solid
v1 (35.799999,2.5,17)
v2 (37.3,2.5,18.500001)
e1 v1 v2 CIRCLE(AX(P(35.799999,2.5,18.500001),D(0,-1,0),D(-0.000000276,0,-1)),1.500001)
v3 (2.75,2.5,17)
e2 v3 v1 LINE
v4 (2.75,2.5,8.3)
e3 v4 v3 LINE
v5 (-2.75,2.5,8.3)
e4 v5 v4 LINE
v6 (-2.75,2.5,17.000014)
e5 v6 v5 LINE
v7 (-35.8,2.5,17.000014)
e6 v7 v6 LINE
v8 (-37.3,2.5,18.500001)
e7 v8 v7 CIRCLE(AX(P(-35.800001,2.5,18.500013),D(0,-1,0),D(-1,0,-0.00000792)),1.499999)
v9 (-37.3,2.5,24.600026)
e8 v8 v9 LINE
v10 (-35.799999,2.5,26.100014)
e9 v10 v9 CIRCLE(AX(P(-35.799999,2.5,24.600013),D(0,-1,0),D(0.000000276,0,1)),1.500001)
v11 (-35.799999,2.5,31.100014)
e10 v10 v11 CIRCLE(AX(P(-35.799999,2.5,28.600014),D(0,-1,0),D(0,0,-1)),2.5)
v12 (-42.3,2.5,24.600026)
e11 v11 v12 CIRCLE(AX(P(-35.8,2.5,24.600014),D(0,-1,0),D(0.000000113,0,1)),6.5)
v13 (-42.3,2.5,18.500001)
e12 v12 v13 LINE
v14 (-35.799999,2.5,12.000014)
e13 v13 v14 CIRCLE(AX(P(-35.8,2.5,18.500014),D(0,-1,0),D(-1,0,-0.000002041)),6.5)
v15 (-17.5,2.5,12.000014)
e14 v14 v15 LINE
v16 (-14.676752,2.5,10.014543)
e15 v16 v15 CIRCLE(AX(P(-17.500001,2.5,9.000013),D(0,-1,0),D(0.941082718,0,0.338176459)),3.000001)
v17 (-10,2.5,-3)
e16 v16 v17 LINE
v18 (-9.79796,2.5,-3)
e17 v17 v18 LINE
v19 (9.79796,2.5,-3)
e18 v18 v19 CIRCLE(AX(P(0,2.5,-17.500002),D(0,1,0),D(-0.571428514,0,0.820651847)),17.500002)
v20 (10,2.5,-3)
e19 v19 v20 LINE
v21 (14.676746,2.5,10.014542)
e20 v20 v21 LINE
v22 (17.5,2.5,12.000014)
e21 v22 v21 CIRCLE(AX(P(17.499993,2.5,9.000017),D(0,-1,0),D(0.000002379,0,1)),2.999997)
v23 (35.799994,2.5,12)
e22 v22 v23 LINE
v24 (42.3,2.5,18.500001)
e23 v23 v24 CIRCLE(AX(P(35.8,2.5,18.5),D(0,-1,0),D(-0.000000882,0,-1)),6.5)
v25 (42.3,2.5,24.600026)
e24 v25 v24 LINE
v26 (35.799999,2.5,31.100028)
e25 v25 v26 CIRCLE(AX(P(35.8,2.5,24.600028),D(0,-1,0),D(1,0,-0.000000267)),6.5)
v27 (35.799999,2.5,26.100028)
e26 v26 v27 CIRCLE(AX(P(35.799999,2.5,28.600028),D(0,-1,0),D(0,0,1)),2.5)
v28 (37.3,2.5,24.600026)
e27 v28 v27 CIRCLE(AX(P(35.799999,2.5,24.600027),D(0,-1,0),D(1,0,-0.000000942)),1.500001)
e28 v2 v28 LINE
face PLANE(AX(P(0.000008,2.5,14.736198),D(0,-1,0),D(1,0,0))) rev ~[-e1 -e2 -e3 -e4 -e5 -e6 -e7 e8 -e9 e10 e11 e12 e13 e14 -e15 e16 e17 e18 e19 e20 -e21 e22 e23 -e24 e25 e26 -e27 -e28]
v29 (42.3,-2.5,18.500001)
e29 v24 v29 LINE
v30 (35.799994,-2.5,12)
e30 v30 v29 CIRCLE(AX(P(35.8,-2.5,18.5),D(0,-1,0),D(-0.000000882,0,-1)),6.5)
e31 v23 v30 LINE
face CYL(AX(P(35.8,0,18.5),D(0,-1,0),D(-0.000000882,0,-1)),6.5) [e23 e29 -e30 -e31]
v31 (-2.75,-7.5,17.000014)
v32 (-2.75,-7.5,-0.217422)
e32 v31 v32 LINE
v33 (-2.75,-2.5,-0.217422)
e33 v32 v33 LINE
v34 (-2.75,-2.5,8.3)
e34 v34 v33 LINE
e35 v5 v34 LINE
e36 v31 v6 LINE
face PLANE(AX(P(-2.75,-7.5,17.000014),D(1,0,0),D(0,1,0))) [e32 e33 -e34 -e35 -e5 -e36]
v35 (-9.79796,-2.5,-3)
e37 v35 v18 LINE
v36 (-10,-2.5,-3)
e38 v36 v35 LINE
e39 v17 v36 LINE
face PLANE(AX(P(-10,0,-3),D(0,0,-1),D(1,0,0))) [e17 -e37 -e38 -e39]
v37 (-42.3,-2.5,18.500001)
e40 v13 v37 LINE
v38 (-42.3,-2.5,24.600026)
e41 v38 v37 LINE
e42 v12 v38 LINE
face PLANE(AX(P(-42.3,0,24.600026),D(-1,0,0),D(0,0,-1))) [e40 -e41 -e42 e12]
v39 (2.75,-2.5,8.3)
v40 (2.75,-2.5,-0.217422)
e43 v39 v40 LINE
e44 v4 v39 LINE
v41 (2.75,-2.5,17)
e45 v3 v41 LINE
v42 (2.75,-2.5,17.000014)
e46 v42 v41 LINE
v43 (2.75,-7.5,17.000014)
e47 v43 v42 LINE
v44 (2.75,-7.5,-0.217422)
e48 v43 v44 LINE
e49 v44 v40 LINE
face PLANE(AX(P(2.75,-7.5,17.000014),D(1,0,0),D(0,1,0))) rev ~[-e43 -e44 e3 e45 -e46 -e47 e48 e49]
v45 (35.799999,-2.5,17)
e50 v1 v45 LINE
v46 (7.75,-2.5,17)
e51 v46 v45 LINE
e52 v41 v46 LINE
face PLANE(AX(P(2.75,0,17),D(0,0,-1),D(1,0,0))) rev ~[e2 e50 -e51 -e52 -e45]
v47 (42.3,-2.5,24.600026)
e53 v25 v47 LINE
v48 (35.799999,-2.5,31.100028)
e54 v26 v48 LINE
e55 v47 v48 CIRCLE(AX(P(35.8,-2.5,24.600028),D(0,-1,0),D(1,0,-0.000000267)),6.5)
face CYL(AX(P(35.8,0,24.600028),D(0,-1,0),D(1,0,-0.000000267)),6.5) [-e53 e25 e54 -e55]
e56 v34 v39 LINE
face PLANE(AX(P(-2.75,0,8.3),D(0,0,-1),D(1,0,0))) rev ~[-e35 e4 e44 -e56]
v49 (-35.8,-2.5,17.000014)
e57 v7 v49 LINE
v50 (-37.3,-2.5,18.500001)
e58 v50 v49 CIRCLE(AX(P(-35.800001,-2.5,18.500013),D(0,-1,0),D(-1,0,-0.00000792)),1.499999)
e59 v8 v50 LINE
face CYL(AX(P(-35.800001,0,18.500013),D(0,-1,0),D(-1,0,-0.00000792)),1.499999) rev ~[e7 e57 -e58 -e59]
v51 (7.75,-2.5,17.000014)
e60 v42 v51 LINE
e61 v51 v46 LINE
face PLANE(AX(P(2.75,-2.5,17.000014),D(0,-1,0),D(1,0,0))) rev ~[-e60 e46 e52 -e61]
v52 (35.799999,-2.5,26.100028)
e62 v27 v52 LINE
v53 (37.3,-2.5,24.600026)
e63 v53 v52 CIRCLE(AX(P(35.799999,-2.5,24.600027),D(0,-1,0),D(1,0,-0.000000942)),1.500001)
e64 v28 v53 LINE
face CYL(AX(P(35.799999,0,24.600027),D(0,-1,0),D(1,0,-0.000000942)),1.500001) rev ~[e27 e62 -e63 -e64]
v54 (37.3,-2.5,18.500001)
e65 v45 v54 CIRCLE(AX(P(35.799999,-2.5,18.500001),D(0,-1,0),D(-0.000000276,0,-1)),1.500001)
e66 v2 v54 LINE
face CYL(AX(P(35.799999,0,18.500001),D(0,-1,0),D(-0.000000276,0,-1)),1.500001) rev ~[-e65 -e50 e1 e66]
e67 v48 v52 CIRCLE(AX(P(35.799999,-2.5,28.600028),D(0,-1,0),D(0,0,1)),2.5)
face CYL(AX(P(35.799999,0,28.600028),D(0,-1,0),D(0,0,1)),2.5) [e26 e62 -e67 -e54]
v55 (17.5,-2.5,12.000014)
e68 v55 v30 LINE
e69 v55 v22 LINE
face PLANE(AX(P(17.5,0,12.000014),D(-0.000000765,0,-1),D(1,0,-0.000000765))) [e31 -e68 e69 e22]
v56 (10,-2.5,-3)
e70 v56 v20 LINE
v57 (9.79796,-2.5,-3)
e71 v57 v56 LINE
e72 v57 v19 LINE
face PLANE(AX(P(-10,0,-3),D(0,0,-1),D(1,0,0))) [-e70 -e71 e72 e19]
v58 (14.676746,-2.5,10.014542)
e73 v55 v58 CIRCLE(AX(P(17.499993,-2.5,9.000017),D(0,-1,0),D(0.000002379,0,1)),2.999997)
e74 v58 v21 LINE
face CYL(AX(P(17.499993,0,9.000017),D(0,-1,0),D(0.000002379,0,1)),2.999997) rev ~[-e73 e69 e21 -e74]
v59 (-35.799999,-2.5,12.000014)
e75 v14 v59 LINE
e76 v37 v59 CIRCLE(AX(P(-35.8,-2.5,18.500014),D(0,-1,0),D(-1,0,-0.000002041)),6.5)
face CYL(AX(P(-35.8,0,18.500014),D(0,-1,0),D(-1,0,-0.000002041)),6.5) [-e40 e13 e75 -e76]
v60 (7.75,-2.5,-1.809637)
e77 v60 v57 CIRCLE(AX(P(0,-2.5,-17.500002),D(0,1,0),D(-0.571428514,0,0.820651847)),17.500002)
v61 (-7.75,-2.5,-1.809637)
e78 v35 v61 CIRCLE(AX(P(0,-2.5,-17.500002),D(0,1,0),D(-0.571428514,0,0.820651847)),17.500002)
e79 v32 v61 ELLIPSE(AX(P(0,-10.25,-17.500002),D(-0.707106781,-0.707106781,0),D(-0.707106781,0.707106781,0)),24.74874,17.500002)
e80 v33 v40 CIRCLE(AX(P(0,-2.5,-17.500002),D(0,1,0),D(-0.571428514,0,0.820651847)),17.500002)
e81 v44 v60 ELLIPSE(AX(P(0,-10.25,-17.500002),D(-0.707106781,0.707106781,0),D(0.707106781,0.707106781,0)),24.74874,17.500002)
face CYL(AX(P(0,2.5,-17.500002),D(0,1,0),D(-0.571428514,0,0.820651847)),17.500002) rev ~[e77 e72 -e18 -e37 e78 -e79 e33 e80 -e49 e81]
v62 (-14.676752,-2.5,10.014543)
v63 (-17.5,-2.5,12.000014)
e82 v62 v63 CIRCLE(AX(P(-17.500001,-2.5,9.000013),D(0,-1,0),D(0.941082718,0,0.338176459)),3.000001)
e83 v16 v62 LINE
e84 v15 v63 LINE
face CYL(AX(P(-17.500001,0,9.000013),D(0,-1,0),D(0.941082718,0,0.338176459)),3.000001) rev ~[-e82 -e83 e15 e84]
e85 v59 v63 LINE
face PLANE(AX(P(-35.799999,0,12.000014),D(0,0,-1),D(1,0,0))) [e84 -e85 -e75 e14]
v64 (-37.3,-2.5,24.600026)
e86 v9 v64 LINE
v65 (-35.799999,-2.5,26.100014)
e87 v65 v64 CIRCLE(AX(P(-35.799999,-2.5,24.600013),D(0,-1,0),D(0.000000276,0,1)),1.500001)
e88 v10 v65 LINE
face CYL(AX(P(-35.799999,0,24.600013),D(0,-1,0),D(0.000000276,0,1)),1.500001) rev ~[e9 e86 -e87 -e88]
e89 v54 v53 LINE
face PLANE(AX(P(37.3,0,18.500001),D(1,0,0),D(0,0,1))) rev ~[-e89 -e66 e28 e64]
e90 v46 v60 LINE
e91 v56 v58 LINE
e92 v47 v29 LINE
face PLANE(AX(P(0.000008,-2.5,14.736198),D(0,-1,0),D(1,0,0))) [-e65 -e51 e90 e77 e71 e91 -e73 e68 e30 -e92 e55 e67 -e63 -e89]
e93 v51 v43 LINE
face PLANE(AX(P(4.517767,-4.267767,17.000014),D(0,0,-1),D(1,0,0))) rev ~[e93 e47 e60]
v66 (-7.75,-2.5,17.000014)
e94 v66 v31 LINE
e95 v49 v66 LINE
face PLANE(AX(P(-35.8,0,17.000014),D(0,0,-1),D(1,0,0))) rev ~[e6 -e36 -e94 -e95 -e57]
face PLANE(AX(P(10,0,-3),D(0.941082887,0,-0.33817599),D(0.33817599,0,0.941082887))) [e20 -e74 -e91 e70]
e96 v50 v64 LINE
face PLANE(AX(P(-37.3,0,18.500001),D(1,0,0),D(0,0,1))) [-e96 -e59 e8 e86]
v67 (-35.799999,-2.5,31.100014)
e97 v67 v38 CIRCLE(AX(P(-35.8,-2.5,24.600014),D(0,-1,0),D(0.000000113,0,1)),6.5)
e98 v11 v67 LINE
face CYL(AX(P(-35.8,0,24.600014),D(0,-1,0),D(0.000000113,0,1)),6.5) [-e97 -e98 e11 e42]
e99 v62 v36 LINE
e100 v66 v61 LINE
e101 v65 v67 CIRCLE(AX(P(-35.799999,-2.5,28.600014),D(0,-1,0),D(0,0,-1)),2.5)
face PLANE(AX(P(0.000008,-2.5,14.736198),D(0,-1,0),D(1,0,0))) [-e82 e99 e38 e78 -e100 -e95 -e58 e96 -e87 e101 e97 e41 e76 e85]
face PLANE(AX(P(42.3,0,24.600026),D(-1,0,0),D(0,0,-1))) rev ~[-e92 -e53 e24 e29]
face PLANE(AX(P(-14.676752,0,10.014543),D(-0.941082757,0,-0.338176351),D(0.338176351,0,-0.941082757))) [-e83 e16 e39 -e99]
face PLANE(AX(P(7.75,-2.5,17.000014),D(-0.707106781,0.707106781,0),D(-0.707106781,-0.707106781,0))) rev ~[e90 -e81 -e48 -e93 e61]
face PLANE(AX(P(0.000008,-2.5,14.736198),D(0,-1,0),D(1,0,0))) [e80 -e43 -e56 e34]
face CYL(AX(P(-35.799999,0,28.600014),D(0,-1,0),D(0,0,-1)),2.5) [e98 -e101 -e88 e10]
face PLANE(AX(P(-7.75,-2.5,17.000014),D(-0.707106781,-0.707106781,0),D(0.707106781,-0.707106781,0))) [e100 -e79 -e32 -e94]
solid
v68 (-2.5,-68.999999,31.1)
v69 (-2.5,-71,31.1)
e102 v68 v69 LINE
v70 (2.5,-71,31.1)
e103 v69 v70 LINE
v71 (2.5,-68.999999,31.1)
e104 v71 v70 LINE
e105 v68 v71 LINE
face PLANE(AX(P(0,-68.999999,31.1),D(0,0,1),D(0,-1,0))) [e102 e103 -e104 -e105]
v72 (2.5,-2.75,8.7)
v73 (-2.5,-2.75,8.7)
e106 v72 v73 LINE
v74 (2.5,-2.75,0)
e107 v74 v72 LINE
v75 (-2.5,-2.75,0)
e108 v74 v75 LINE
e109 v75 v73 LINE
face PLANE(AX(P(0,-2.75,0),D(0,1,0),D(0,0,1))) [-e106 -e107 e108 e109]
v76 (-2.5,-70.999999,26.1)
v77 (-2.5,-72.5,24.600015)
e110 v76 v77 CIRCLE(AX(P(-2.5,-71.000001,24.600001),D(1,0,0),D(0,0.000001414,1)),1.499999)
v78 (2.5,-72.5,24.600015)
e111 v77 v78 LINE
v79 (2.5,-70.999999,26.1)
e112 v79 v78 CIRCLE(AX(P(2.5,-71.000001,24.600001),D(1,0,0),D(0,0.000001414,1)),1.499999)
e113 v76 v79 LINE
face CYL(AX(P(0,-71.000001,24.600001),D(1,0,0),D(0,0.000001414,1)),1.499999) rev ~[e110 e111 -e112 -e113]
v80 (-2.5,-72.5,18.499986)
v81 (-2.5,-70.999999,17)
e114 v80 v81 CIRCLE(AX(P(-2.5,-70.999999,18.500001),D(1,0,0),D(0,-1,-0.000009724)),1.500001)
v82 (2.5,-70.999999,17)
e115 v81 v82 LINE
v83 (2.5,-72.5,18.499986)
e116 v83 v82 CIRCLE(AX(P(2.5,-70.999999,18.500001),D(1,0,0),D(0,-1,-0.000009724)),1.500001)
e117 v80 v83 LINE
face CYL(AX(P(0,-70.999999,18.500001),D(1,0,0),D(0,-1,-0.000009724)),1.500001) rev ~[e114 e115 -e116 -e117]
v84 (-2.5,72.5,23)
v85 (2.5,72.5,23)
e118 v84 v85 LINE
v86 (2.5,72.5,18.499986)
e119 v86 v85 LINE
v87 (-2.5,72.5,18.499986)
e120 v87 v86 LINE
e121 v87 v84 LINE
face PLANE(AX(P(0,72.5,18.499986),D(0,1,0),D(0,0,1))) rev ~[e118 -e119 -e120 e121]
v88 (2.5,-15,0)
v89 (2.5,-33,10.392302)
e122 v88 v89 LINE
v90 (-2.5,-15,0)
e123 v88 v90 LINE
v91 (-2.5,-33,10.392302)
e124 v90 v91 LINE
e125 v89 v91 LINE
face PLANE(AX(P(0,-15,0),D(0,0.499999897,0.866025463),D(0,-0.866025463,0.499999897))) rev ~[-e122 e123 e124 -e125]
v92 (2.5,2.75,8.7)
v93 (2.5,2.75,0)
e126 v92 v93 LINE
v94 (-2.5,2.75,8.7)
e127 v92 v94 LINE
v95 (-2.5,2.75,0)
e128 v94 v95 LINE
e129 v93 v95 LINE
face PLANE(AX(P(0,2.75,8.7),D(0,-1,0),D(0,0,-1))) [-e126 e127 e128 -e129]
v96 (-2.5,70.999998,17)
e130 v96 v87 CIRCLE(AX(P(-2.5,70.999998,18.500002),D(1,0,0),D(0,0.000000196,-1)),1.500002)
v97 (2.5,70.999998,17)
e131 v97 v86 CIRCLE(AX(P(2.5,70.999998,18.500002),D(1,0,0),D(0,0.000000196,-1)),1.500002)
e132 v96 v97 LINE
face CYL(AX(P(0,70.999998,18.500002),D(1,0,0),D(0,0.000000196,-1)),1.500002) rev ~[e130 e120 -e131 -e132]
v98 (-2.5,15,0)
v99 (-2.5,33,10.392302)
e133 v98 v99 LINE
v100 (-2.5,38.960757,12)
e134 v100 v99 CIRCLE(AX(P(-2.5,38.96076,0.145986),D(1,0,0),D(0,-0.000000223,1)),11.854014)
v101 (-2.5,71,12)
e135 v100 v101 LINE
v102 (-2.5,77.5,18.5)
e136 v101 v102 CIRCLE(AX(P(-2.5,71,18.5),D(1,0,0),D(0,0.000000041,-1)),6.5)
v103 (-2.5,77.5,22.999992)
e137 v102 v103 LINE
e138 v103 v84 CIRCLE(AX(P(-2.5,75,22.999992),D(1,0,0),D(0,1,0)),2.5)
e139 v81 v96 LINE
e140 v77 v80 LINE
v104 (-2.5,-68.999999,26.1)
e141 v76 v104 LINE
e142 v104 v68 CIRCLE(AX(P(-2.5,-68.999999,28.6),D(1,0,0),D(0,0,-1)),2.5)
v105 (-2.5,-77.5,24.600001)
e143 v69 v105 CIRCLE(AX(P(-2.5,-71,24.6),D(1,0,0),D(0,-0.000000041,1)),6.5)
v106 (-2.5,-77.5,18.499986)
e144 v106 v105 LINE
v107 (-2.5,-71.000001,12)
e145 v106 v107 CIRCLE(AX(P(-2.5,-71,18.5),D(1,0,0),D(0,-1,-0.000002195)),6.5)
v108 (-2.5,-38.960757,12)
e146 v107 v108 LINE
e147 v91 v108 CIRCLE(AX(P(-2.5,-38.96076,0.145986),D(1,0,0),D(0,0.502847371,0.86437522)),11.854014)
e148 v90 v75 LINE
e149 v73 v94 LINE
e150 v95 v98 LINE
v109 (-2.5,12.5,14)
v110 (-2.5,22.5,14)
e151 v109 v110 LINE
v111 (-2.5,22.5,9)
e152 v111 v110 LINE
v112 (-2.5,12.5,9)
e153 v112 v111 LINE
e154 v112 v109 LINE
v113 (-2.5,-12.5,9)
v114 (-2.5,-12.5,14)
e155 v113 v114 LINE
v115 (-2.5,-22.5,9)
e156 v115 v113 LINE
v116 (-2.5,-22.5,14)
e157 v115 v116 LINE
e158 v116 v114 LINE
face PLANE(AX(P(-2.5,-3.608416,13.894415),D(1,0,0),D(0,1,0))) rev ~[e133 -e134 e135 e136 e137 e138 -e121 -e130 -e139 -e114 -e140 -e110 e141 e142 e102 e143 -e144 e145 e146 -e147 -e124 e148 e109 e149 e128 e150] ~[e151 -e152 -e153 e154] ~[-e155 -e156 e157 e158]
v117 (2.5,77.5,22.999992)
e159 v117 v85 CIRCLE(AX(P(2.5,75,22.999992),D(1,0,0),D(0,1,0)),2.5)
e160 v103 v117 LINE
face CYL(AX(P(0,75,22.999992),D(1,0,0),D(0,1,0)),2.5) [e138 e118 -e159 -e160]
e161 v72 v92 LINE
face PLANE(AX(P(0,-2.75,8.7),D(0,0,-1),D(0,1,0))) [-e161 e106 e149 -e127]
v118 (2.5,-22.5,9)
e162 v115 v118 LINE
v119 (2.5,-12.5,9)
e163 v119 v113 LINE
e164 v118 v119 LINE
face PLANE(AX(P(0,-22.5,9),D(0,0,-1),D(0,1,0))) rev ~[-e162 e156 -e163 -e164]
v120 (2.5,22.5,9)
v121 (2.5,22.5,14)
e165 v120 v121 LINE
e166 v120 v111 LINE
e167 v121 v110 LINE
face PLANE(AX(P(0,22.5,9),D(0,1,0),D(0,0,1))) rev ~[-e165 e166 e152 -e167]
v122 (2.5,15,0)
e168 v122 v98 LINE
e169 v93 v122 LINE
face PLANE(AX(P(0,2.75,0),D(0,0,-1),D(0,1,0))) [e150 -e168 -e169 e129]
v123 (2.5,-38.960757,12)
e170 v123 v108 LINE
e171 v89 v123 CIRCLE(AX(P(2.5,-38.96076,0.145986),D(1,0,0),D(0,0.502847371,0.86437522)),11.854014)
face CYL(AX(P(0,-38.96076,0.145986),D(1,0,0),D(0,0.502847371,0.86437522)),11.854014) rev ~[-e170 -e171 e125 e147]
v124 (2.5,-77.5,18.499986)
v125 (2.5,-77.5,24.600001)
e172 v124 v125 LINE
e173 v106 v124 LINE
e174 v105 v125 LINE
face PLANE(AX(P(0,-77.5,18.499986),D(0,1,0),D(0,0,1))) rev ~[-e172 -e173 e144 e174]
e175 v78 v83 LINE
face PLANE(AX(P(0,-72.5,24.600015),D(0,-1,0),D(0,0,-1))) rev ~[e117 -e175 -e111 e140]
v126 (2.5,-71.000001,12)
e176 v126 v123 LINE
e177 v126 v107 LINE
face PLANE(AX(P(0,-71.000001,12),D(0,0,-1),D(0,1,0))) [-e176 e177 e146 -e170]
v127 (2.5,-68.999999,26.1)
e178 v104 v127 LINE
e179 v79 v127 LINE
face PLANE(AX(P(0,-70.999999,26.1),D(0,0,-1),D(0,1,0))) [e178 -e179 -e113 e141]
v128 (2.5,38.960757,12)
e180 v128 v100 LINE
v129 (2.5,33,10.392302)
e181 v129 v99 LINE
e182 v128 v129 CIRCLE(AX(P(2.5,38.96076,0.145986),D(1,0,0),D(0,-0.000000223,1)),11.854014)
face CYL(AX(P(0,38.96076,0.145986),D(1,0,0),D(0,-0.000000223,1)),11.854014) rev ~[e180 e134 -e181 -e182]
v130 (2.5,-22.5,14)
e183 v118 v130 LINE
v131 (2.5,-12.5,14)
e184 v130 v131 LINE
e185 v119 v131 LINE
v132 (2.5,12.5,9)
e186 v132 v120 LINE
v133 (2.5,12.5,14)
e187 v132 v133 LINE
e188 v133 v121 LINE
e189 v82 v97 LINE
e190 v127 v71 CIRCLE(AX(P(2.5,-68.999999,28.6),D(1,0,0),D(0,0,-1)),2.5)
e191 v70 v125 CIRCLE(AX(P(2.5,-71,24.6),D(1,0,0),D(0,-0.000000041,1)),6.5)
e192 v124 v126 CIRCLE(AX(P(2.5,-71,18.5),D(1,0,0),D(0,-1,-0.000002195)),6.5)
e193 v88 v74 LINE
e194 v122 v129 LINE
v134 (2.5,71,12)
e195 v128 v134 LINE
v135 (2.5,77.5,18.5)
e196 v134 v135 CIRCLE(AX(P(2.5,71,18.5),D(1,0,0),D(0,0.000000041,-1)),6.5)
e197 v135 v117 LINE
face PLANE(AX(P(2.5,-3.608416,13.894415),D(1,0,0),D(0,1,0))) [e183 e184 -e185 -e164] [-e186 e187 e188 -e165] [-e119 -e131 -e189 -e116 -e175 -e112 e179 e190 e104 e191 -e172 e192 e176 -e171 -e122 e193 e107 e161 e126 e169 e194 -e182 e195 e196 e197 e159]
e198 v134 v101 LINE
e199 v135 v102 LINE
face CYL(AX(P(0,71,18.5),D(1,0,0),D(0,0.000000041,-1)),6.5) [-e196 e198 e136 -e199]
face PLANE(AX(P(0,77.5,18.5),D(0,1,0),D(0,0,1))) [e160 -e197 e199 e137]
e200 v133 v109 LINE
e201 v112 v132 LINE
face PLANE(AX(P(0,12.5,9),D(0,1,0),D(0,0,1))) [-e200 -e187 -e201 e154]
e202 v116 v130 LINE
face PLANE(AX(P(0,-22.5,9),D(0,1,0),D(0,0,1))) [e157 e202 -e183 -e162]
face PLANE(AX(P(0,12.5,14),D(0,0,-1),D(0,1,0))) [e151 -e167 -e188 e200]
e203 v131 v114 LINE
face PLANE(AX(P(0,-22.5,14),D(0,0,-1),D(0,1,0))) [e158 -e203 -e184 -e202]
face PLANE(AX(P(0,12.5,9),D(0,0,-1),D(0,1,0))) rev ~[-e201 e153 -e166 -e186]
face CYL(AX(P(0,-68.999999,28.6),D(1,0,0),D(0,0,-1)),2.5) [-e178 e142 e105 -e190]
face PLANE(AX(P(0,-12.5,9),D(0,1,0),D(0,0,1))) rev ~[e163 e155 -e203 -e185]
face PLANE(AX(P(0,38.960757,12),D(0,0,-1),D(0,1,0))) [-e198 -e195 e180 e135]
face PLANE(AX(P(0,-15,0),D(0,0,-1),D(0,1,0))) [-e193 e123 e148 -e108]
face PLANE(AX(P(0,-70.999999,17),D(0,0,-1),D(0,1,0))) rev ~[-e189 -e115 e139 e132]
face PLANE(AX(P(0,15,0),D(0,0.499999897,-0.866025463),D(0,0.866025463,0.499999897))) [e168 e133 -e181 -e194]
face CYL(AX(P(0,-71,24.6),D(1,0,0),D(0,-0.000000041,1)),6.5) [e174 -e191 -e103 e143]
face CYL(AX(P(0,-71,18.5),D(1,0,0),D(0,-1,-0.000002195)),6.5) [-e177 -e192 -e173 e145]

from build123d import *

# Parameters (mm, degrees)
SKETCH_W     = 10
SKETCH_H     = 5
PAD_DEPTH    = 2.5
PAD001_DEPTH = 2.5
PAD002_DEPTH = 20
POCKET_DEPTH = 10


with BuildPart() as vertical:
    # Sketch → Pad (new body, symmetric)
    with BuildSketch(Plane.YZ):
        with BuildLine():
            Line((77.5, 18.5), (77.5, 22.999992))
            ThreePointArc((77.5, 22.999992), (75.000004, 25.499992), (72.5, 23))
            Line((72.5, 18.499986), (72.5, 23))
            ThreePointArc((70.999998, 17), (72.060654, 17.439335), (72.5, 18.499986))
            Line((-70.999999, 17), (70.999998, 17))
            ThreePointArc((-72.5, 18.499986), (-72.060655, 17.439335), (-70.999999, 17))
            Line((-72.5, 24.600015), (-72.5, 18.499986))
            ThreePointArc((-70.999999, 26.1), (-72.060655, 25.660666), (-72.5, 24.600015))
            Line((-70.999999, 26.1), (-68.999999, 26.1))
            ThreePointArc((-68.999999, 26.1), (-66.499999, 28.6), (-68.999999, 31.1))
            Line((-68.999999, 31.1), (-71, 31.1))
            ThreePointArc((-71, 31.1), (-75.596194, 29.196194), (-77.5, 24.600001))
            Line((-77.5, 18.499986), (-77.5, 24.600001))
            ThreePointArc((-77.5, 18.499986), (-75.596189, 13.903801), (-71.000001, 12))
            Line((-71.000001, 12), (-38.960757, 12))
            ThreePointArc((-33, 10.392302), (-35.873877, 11.59102), (-38.960757, 12))
            Line((-15, 0), (-33, 10.392302))
            Line((-15, 0), (-2.75, 0))
            Line((-2.75, 0), (-2.75, 8.7))
            Line((-2.75, 8.7), (2.75, 8.7))
            Line((2.75, 8.7), (2.75, 0))
            Line((2.75, 0), (15, 0))
            Line((15, 0), (33, 10.392302))
            ThreePointArc((38.960757, 12), (35.873877, 11.59102), (33, 10.392302))
            Line((38.960757, 12), (71, 12))
            ThreePointArc((71, 12), (75.596194, 13.903806), (77.5, 18.5))
        make_face()
        with Locations((-17.5, 11.5)):
            Rectangle(SKETCH_W, SKETCH_H, mode=Mode.SUBTRACT)
        with Locations((17.5, 11.5)):
            Rectangle(SKETCH_W, SKETCH_H, mode=Mode.SUBTRACT)
    extrude(amount=PAD_DEPTH, both=True)


with BuildPart() as fusion:
    # Sketch001 → Pad001 (new body, symmetric)
    with BuildSketch(Plane.XZ):
        with BuildLine():
            Line((17.5, 12.000014), (35.799994, 12))
            ThreePointArc((35.799994, 12), (40.396192, 13.903804), (42.3, 18.500001))
            Line((42.3, 24.600026), (42.3, 18.500001))
            ThreePointArc((42.3, 24.600026), (40.396194, 29.196222), (35.799999, 31.100028))
            ThreePointArc((35.799999, 31.100028), (33.299999, 28.600028), (35.799999, 26.100028))
            ThreePointArc((37.3, 24.600026), (36.86066, 25.660688), (35.799999, 26.100028))
            Line((37.3, 18.500001), (37.3, 24.600026))
            ThreePointArc((35.799999, 17), (36.86066, 17.43934), (37.3, 18.500001))
            Line((2.75, 17), (35.799999, 17))
            Line((2.75, 8.3), (2.75, 17))
            Line((-2.75, 8.3), (2.75, 8.3))
            Line((-2.75, 17.000014), (-2.75, 8.3))
            Line((-35.8, 17.000014), (-2.75, 17.000014))
            ThreePointArc((-37.3, 18.500001), (-36.860656, 17.439349), (-35.8, 17.000014))
            Line((-37.3, 18.500001), (-37.3, 24.600026))
            ThreePointArc((-35.799999, 26.100014), (-36.860655, 25.660679), (-37.3, 24.600026))
            ThreePointArc((-35.799999, 26.100014), (-33.299999, 28.600014), (-35.799999, 31.100014))
            ThreePointArc((-35.799999, 31.100014), (-40.396189, 29.196213), (-42.3, 24.600026))
            Line((-42.3, 24.600026), (-42.3, 18.500001))
            ThreePointArc((-42.3, 18.500001), (-40.396189, 13.903815), (-35.799999, 12.000014))
            Line((-35.799999, 12.000014), (-17.5, 12.000014))
            ThreePointArc((-14.676752, 10.014543), (-15.774252, 11.453948), (-17.5, 12.000014))
            Line((-14.676752, 10.014543), (-10, -3))
            Line((-10, -3), (10, -3))
            Line((10, -3), (14.676746, 10.014542))
            ThreePointArc((17.5, 12.000014), (15.774248, 11.45395), (14.676746, 10.014542))
        make_face()
    extrude(amount=PAD001_DEPTH, both=True)

    # Sketch002 → Pad002 (new body)
    with BuildSketch(Plane(origin=(0, 0, 17.000014), x_dir=(-1, 0, 0), z_dir=(0, 0, 1))):
        Polygon((-7.75, 2.5), (-2.75, 7.5), (-2.75, 2.5), align=None)
        Polygon((2.75, 7.5), (2.75, 2.5), (7.75, 2.5), align=None)
    extrude(amount=-PAD002_DEPTH)

    # Sketch003 → Pocket (cut)
    with BuildSketch(Plane(origin=(0, 2.5, 0), x_dir=(1, 0, 0), z_dir=(0, 1, 0))):
        with BuildLine():
            ThreePointArc((-10, 3.138593), (0, 0), (10, 3.138593))
            Line((-10, 3.138593), (10, 3.138593))
        make_face()
    extrude(amount=-POCKET_DEPTH, mode=Mode.SUBTRACT)

    # Fusion: union Vertical
    add(vertical.part)


solid = fusion.part
